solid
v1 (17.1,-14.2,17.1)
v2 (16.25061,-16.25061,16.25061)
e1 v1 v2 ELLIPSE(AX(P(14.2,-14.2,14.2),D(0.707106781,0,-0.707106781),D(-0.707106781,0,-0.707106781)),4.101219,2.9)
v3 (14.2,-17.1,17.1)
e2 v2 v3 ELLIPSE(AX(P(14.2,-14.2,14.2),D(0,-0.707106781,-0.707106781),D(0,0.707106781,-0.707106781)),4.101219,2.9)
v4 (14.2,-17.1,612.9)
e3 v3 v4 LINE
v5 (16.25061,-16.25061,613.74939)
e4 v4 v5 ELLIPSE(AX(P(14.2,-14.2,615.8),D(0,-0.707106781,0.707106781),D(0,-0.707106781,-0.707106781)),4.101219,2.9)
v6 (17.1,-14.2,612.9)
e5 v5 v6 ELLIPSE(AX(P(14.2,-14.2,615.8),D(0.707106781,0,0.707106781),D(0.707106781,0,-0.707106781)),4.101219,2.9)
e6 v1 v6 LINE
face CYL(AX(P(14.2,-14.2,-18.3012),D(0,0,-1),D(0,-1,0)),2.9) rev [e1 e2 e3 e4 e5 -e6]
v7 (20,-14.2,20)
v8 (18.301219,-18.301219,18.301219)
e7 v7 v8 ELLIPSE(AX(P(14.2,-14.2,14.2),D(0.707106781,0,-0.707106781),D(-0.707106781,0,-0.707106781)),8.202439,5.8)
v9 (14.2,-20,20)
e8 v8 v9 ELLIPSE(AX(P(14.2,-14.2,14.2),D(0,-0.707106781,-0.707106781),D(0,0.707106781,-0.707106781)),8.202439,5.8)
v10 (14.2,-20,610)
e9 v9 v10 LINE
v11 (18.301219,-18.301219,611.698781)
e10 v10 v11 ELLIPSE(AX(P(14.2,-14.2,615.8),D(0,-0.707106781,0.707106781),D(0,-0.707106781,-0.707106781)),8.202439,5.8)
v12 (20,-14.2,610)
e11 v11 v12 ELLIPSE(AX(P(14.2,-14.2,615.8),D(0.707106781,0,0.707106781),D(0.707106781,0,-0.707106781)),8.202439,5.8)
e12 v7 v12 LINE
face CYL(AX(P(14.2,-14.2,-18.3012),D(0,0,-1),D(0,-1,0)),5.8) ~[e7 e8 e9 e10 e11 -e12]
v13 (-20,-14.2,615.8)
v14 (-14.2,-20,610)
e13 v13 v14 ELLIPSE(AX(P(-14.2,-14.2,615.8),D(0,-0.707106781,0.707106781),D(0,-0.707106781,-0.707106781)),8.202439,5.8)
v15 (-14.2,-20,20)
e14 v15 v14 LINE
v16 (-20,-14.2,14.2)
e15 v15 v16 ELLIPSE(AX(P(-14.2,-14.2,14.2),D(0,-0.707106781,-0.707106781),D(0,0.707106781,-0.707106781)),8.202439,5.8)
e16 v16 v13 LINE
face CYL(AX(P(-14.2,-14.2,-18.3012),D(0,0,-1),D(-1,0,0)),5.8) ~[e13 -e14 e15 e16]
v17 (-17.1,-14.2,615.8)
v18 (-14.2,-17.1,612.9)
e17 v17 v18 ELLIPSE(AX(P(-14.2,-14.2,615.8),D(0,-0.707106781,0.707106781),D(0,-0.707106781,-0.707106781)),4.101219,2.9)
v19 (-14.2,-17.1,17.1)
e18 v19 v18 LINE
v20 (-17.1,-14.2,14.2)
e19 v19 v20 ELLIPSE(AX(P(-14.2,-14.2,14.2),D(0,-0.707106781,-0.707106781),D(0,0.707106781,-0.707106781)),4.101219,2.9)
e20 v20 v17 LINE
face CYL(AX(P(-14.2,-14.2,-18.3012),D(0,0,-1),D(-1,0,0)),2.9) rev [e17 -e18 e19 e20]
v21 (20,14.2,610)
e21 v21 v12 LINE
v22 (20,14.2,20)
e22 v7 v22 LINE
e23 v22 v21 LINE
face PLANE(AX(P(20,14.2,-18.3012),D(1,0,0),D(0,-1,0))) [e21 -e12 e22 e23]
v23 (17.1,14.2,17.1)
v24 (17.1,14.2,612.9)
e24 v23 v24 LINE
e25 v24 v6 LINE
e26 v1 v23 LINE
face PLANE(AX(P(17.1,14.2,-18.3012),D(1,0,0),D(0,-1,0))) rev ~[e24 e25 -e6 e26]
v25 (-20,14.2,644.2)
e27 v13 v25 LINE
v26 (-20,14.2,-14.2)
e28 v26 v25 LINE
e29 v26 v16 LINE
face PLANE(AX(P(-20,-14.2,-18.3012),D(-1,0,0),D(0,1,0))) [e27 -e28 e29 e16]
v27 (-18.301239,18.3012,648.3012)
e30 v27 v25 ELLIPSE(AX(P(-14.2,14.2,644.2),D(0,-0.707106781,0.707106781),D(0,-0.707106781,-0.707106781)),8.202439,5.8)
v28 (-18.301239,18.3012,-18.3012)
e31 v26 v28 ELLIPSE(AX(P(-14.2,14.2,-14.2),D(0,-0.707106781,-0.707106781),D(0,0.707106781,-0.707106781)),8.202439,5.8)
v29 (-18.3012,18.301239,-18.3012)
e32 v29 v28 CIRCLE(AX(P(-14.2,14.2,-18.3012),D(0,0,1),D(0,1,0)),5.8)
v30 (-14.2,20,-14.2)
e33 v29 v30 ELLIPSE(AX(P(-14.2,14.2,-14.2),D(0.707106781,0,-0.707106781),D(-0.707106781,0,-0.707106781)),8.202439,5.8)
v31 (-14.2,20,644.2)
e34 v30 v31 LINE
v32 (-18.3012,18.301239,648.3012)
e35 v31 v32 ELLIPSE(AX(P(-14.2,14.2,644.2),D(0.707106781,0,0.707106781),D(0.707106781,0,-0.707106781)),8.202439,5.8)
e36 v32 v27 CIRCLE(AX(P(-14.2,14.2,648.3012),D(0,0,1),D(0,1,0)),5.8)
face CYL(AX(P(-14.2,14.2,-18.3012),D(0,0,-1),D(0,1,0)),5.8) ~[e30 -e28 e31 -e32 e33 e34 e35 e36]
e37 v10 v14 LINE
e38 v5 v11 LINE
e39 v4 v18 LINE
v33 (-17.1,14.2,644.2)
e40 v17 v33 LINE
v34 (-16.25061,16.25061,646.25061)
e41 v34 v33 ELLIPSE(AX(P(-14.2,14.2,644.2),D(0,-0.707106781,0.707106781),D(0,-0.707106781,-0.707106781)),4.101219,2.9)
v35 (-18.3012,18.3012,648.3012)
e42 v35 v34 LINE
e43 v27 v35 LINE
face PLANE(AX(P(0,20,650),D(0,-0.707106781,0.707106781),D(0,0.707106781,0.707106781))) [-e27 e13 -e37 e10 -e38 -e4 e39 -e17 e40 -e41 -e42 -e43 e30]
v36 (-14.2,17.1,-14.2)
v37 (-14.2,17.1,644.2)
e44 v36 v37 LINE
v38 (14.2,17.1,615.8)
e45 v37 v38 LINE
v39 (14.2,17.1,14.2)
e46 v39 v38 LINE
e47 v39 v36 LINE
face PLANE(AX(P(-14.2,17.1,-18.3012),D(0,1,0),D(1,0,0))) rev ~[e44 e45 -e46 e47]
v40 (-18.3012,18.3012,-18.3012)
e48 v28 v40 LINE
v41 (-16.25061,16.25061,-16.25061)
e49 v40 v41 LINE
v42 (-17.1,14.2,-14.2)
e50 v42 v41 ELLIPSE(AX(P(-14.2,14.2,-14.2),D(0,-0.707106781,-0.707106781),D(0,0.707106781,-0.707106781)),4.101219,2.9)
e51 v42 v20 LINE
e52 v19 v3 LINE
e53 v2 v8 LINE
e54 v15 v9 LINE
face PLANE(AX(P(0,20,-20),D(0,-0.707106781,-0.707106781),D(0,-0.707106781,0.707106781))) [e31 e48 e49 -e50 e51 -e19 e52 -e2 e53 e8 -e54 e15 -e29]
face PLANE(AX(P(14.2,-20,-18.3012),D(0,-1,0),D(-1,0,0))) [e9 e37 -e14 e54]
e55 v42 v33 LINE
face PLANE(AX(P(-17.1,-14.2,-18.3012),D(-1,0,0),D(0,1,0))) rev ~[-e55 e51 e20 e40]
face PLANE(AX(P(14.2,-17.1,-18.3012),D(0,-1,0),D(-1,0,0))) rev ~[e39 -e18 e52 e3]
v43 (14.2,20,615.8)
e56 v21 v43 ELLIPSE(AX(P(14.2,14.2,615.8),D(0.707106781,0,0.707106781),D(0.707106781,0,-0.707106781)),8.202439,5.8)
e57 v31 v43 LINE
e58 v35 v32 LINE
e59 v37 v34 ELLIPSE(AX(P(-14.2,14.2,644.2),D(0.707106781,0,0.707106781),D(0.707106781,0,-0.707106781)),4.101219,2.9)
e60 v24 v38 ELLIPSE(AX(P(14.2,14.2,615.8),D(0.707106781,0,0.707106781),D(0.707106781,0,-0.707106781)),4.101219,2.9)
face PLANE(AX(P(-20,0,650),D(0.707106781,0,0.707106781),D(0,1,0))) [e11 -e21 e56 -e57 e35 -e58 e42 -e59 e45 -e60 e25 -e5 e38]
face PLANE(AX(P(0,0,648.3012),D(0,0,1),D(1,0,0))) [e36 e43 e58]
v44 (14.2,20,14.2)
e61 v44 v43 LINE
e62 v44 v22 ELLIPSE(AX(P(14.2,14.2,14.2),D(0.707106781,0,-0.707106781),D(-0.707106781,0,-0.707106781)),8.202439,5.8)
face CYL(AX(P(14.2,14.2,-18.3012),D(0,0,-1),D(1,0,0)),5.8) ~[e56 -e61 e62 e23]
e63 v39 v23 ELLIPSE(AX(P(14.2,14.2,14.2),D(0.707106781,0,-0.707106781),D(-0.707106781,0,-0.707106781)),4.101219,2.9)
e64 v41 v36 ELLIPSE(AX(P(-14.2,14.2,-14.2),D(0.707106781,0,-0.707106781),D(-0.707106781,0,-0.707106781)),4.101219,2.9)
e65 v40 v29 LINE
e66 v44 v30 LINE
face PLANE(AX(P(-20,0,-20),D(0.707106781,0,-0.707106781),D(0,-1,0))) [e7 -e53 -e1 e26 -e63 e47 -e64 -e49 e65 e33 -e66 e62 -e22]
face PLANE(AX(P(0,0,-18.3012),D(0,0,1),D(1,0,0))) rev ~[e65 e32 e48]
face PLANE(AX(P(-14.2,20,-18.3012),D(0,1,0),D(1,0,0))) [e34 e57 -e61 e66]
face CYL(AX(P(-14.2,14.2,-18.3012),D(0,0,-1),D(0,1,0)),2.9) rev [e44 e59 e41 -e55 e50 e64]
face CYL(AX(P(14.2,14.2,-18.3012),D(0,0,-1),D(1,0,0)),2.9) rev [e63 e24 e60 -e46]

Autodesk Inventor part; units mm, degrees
ref_plane "Plano inicial" through (0, 0, -18.3012) normal (0, 0, 1) x (1, 0, 0)
ref_plane "Plano final" through (0, 0, 648.3012) normal (0, 0, 1) x (1, 0, 0)
sketch "Boceto" plane through (0, 0, 0) normal (0, 0, 1) x (1, 0, 0)
  line L0 (-14.2, 20) -> (14.2, 20)
  line L1 (20, 14.2) -> (20, -14.2)
  line L2 (14.2, -20) -> (-14.2, -20)
  line L3 (-20, -14.2) -> (-20, 14.2)
  arc A0 (-14.2, 20) -> (-20, 14.2) centre (-14.2, 14.2) ccw
  arc A1 (20, 14.2) -> (14.2, 20) centre (14.2, 14.2) ccw
  arc A2 (14.2, -20) -> (20, -14.2) centre (14.2, -14.2) ccw
  arc A3 (-20, -14.2) -> (-14.2, -20) centre (-14.2, -14.2) ccw
  line L4 (-29.6817, 0) -> (29.6817, 0) construction
  line L5 (0, -29.6817) -> (0, 29.6817) construction
  arc A4 (-14.2, 17.1) -> (-17.1, 14.2) centre (-14.2, 14.2) ccw
  line L6 (-14.2, 17.1) -> (14.2, 17.1)
  arc A5 (17.1, 14.2) -> (14.2, 17.1) centre (14.2, 14.2) ccw
  line L7 (17.1, 14.2) -> (17.1, -14.2)
  arc A6 (14.2, -17.1) -> (17.1, -14.2) centre (14.2, -14.2) ccw
  line L8 (14.2, -17.1) -> (-14.2, -17.1)
  arc A7 (-17.1, -14.2) -> (-14.2, -17.1) centre (-14.2, -14.2) ccw
  line L9 (-17.1, -14.2) -> (-17.1, 14.2)
  point P0 (-20, 20)
  point P1 (20, -20)
  point P2 (20, 20)
  dimension "b" = 40
  dimension "msp_r" = 5.8
  dimension "d8" = 20
  dimension "d9" = 20
  dimension "d10" = 2.9
extrude "Cuerpo" add sketch "Boceto" along normal up to surface (666.6024 mm away) from surface at -18.3012
sketch "Sketch2" plane through (0, 0, 0) normal (0, 0, 1) x (1, 0, 0)
  line L0 (0, 0) -> (10, 0)
ref_plane "Work Plane3" through (0, 0, 0) normal (0, -1, 0) x (1, 0, 0)
sketch "Sketch3" plane through (0, 0, 0) normal (0, -1, 0) x (1, 0, 0)
  line L0 (-2, -18.3012) -> (12, -18.3012)
  line L1 (-2, 648.3012) -> (12, 648.3012)
  dimension "d14" = 666.6024
ref_plane "Plano de trabajo4" through (0, 20, -20) normal (0, -0.7071, -0.7071) x (1, 0, 0)
split "Dividir1" plane through (0, 20, -20) removes the side toward (0, -0.7071, -0.7071)
ref_plane "Plano de trabajo5" through (-20, 0, -20) normal (0.7071, 0, -0.7071) x (-0.7071, 0, -0.7071)
split "Dividir2" plane through (-20, 0, -20) removes the side toward (0.7071, 0, -0.7071)
ref_plane "Plano de trabajo6" through (-20, 0, 650) normal (0.7071, 0, 0.7071) x (0.7071, 0, -0.7071)
split "Dividir3" plane through (-20, 0, 650) removes the side toward (0.7071, 0, 0.7071)
ref_plane "Plano de trabajo7" through (0, 20, 650) normal (0, -0.7071, 0.7071) x (1, 0, 0)
split "Dividir4" plane through (0, 20, 650) removes the side toward (0, -0.7071, 0.7071)
equation "\"msp_r\" = 2 * ParT"
equation "\"d8\" = d9"
equation "\"d9\" = 0.5 * b"
equation "\"d10\" = ParT"
equation "\"G_OFFSET_START\" = 18.30122"
equation "\"G_OFFSET_END\" = 18.30122"
equation "\"d11\" = -G_OFFSET_START"
equation "\"d12\" = G_OFFSET_END + B_L"
equation "\"G_L\" = d14"
equation "\"ParT\" = 2.9"
equation "\"B_L\" = 630"
properties part number "DIN 59 410 - 40x40x2.9-666.602" material "Acero, suave"
